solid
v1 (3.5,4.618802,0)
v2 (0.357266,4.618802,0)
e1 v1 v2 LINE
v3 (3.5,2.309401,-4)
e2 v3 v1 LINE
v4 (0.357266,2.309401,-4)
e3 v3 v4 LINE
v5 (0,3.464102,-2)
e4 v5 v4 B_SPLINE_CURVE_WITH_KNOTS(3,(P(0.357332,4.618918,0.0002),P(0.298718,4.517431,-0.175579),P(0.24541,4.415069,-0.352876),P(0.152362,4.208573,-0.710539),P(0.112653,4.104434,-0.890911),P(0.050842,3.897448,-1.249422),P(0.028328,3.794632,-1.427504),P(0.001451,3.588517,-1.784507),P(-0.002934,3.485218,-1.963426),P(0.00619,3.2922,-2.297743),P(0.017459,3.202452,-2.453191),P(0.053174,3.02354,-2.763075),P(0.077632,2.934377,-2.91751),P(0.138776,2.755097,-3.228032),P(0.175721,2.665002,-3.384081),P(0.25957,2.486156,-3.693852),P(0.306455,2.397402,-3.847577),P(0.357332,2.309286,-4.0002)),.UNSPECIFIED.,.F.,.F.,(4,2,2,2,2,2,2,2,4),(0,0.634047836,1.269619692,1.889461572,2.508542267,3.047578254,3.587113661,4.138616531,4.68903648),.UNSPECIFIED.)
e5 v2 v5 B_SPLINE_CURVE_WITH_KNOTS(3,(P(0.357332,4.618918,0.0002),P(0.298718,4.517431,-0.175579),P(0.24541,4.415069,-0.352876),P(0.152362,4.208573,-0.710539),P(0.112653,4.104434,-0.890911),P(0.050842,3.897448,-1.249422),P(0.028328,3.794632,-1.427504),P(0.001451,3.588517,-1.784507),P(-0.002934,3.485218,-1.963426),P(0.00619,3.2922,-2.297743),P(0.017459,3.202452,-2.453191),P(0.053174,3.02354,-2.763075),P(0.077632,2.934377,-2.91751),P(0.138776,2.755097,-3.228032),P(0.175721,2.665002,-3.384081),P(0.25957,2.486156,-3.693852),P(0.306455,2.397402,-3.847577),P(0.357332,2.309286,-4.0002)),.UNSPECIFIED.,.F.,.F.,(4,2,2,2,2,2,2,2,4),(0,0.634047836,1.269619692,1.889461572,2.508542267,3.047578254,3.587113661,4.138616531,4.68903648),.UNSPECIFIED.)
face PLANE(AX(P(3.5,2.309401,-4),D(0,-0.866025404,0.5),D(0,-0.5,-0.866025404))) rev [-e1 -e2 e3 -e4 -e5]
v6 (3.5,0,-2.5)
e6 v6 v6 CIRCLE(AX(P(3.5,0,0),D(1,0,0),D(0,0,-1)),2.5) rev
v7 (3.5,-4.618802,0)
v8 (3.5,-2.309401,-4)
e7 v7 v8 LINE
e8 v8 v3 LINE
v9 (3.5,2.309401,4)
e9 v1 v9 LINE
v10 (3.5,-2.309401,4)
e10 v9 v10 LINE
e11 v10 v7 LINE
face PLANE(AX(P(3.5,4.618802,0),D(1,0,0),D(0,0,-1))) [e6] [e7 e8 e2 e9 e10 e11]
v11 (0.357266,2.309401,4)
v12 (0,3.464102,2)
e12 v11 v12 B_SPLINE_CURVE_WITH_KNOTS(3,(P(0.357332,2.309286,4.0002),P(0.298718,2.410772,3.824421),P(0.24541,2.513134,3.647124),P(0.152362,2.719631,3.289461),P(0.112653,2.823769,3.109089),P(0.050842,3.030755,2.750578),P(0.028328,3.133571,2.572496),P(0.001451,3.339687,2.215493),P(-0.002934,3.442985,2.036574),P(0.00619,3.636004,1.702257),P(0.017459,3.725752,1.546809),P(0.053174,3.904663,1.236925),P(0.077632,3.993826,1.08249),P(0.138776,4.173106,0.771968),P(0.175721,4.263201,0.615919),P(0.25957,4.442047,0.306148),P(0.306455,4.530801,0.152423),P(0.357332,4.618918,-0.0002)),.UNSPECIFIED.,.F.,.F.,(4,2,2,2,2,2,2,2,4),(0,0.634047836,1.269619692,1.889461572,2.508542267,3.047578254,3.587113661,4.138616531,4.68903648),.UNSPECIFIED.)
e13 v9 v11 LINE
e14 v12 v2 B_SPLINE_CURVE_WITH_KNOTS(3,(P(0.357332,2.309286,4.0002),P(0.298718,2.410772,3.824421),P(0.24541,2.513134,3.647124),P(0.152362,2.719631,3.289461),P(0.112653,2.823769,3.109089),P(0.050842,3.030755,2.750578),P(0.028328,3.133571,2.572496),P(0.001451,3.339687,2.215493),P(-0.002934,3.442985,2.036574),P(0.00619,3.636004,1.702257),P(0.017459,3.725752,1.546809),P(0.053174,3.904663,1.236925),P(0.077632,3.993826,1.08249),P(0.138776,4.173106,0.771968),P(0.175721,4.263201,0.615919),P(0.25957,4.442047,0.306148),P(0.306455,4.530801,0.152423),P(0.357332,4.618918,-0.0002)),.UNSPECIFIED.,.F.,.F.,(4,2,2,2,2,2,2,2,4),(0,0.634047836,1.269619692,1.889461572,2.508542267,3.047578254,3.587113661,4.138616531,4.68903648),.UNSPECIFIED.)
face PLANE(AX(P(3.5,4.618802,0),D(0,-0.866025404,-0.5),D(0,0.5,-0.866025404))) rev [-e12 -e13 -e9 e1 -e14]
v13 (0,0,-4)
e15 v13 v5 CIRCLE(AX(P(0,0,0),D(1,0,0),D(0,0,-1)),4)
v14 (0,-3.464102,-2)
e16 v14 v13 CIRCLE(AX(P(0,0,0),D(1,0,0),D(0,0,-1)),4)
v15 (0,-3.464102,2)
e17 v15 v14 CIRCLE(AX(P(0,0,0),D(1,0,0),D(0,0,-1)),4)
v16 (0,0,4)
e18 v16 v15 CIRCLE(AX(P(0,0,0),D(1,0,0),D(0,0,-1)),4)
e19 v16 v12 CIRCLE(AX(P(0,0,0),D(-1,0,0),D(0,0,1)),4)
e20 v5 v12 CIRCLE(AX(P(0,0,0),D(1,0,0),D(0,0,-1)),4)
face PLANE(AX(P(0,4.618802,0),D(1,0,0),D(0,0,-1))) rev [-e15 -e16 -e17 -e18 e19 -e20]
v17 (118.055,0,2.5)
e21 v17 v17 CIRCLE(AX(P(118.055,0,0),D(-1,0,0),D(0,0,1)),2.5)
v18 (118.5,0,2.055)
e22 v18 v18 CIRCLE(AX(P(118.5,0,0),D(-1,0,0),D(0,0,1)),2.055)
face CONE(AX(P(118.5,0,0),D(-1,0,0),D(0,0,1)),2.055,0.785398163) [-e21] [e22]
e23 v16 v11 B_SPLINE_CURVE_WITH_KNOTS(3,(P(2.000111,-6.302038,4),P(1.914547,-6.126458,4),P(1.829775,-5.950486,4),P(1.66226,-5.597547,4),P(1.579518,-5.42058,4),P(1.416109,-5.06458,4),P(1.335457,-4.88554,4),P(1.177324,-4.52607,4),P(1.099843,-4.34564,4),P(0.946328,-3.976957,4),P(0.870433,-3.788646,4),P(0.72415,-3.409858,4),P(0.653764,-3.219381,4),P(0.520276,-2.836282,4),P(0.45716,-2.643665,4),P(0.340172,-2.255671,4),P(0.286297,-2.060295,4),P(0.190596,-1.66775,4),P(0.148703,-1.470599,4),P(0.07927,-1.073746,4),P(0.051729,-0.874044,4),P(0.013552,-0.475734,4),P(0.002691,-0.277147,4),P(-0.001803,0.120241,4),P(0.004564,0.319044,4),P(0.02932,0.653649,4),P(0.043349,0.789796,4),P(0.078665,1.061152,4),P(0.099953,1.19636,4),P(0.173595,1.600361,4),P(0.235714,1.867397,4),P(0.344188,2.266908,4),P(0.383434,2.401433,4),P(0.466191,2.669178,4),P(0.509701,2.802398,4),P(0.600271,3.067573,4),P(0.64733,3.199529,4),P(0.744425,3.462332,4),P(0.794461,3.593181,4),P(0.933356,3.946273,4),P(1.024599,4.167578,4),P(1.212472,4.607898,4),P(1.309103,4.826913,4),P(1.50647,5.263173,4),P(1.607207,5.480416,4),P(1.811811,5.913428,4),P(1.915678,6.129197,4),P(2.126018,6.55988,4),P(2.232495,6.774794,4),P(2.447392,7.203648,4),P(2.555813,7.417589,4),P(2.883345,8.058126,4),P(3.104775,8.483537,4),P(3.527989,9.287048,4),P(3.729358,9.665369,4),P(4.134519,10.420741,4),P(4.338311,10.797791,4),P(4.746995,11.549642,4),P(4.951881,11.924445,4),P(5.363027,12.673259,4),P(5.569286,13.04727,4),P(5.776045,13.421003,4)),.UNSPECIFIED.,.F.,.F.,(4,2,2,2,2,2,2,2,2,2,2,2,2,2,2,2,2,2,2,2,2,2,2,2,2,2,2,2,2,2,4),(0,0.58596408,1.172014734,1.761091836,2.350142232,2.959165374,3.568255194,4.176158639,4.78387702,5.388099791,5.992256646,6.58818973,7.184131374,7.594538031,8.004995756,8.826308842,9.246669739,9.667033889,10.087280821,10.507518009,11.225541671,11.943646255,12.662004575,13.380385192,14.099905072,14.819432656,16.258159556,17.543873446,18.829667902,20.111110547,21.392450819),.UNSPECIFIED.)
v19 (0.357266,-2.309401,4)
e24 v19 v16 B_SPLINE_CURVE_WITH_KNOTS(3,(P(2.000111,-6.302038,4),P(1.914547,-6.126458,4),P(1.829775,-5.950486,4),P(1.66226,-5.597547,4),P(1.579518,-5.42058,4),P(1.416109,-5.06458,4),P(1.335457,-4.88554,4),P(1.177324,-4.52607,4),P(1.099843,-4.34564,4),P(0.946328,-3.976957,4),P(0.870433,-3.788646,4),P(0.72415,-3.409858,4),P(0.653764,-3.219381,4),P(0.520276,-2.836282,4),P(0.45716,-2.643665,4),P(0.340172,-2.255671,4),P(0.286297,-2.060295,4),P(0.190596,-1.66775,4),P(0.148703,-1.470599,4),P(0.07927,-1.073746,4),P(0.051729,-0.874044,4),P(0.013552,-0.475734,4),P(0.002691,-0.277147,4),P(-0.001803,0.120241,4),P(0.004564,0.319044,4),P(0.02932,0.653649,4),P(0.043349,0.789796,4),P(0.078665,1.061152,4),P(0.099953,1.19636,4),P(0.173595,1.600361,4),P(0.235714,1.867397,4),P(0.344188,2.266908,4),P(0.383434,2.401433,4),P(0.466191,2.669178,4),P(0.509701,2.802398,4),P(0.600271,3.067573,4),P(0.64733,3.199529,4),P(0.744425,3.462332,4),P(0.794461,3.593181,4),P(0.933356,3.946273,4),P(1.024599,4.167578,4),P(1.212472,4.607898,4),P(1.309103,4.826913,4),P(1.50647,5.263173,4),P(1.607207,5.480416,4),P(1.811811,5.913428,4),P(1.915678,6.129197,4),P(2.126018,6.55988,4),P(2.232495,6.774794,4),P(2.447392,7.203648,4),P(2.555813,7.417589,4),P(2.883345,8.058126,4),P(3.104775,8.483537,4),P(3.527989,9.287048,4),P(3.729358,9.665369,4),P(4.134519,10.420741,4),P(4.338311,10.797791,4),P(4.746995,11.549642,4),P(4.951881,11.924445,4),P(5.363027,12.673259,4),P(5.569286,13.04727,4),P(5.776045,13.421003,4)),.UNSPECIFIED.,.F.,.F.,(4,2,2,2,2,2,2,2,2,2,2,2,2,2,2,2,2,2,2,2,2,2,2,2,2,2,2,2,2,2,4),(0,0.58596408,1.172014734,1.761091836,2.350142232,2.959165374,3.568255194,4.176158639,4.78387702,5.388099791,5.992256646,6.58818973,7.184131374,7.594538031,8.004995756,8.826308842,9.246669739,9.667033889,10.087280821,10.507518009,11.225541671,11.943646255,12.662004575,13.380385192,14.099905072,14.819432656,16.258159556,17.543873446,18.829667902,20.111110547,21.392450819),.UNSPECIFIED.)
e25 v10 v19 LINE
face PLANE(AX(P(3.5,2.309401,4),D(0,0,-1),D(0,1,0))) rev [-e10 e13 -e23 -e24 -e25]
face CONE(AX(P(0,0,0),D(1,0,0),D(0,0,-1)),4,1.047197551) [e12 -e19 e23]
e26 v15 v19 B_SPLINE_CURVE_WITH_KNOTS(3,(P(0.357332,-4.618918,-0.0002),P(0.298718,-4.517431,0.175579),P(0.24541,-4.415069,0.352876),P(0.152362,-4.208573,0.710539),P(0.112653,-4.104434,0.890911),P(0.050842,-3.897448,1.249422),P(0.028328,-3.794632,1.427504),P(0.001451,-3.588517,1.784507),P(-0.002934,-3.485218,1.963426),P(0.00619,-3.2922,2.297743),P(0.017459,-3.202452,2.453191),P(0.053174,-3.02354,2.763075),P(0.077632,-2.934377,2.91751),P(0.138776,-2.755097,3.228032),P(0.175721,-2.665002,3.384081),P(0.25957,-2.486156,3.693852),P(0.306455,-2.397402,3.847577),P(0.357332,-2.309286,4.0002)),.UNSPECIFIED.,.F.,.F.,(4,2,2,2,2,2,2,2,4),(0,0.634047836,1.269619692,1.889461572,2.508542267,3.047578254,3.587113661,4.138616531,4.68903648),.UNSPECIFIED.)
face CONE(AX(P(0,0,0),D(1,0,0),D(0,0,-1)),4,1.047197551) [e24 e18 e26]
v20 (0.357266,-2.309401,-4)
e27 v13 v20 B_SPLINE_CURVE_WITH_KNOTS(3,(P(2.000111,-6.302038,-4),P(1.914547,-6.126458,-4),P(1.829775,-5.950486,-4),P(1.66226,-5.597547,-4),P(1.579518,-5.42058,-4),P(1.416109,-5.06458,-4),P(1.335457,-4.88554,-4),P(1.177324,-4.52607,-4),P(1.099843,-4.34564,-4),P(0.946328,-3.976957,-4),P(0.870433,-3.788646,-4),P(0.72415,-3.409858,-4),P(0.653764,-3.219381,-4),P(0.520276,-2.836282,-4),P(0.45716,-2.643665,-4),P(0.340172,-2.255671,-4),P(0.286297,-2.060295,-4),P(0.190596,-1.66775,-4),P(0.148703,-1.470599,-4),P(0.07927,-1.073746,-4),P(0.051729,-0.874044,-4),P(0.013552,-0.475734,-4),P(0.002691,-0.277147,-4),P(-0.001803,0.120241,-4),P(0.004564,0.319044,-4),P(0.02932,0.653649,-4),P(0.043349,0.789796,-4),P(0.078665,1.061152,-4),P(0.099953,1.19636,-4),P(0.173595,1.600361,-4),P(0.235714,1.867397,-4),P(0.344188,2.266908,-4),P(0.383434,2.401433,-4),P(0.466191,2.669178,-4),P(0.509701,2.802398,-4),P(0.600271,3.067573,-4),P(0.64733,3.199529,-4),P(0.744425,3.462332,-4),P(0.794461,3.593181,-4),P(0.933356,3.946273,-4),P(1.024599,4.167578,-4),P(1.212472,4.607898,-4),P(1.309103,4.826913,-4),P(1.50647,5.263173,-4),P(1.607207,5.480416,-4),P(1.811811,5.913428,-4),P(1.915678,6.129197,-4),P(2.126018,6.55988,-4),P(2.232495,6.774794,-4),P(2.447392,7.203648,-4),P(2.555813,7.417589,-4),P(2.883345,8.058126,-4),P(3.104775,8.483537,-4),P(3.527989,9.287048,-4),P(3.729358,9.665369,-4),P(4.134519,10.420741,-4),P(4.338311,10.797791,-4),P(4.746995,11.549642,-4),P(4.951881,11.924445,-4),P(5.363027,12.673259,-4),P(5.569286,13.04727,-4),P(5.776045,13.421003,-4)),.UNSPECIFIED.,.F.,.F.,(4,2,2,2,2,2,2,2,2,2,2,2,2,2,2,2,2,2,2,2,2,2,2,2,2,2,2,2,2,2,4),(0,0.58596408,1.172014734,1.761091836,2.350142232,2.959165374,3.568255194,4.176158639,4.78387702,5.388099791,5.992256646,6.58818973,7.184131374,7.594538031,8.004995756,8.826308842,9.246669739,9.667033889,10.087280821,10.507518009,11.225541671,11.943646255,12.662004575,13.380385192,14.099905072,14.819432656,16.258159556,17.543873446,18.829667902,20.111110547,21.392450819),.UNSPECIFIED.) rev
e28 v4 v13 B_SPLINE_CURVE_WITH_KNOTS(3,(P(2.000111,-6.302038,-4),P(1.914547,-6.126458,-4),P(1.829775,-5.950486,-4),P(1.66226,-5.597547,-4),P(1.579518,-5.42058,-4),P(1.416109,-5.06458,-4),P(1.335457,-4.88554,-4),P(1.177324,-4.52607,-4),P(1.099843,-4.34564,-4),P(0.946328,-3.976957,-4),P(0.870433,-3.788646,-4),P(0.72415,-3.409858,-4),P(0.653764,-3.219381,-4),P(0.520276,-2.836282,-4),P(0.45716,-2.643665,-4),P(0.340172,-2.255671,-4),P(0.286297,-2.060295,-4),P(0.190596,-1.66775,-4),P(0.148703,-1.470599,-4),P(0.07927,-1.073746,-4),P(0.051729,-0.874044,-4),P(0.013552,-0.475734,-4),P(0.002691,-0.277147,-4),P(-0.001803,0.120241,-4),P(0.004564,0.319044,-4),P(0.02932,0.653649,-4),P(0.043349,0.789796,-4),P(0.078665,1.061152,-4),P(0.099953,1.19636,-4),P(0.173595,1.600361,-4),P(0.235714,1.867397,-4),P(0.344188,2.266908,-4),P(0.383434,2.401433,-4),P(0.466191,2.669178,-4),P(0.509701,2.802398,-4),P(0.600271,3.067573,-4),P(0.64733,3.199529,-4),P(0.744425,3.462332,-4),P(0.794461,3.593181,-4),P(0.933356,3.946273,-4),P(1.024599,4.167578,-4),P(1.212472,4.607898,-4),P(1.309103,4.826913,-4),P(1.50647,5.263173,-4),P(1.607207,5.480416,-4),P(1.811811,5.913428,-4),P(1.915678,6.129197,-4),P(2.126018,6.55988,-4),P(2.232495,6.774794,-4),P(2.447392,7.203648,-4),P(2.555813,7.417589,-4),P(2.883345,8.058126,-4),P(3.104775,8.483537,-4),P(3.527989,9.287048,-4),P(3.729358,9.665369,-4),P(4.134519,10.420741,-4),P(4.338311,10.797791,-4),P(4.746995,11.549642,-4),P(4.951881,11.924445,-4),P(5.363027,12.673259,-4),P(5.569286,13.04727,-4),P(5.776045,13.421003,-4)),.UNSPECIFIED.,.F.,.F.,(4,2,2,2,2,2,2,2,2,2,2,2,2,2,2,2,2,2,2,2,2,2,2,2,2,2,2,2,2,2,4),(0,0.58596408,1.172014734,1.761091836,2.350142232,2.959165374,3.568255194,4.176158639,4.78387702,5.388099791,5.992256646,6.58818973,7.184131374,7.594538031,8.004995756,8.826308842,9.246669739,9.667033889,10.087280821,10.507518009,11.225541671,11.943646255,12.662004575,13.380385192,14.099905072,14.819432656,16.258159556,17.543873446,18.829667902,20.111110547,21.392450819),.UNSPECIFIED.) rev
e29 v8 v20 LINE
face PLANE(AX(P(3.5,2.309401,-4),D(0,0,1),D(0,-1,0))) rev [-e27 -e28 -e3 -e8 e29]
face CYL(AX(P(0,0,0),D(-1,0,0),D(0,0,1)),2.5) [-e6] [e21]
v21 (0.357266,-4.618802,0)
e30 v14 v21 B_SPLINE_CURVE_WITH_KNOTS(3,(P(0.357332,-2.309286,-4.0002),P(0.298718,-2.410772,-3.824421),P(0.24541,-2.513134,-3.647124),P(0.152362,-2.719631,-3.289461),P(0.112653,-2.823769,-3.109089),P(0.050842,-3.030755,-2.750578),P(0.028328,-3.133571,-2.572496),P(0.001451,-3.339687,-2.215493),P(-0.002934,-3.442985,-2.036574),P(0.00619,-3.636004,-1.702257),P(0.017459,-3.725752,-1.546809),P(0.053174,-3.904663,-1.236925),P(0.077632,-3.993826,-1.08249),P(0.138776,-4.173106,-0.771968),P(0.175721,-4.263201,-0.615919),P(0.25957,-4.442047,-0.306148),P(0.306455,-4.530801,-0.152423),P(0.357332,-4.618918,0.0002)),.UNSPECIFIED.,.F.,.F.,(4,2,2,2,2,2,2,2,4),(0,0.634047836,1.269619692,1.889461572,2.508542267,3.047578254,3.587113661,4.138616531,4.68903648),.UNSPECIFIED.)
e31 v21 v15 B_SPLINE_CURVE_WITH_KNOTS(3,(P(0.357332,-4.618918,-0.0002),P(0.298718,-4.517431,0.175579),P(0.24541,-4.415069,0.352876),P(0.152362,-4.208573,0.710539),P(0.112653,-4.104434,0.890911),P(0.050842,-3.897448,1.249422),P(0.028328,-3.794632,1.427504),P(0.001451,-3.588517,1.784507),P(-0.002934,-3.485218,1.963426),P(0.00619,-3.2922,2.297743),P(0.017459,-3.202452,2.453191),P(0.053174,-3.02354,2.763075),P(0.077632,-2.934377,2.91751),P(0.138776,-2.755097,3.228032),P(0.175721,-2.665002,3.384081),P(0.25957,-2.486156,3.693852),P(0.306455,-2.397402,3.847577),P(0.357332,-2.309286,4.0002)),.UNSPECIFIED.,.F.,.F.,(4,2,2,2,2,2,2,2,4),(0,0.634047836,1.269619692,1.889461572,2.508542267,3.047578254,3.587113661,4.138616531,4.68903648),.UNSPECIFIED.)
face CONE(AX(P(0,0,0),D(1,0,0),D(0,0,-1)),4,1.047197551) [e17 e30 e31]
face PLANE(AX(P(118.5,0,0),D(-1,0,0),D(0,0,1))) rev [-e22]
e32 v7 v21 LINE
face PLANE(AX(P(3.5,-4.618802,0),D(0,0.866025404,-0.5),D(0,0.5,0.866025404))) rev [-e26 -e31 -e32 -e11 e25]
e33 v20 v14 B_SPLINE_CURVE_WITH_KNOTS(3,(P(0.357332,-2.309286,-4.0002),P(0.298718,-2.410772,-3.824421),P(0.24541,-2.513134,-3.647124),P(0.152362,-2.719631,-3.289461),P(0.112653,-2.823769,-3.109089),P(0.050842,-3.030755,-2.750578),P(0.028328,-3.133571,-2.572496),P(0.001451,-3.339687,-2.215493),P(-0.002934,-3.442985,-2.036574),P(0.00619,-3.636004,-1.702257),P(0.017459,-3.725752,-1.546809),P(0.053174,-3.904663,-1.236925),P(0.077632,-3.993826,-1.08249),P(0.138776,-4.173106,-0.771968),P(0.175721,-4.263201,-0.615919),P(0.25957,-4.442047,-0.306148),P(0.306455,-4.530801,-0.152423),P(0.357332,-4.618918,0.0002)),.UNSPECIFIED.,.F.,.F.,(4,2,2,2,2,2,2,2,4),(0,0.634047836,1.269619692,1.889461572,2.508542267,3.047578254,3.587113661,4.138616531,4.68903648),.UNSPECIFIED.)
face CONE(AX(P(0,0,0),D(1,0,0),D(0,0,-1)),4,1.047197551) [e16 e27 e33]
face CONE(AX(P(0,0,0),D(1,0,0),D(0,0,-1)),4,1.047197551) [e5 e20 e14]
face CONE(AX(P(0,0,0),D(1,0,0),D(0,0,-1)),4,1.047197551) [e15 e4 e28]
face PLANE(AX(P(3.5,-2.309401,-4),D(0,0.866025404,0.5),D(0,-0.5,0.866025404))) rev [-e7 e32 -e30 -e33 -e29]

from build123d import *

# Parameters (mm, degrees)
BASEHEAD_DEPTH = 3.5


with BuildPart() as part:
    # Sketch1 → BaseHead (new body)
    with BuildSketch(Plane(origin=(0, 0, 0), x_dir=(0, 0, -1), z_dir=(1, 0, 0))):
        Polygon((4, 2.309401077), (4, -2.309401077), (0, -4.618802154), (-4, -2.309401077), (-4, 2.309401077), (0, 4.618802154), align=None)
    extrude(amount=BASEHEAD_DEPTH)

    # BodySke → BaseBody (revolve)
    with BuildSketch(Plane.XY, mode=Mode.PRIVATE) as basebody_sk:
        Polygon((0, 0), (118.5, 0), (118.5, 2.055), (118.055, 2.5), (0, 2.5), align=None)
    revolve(basebody_sk.sketch.rotate(Axis((0, 0, 0), (1, 0, 0)), 90), axis=Axis((0, 0, 0), (1, 0, 0)))

    # Sketch3 → HeadChamfer (revolve, cut)
    with BuildSketch(Plane.XY):
        Polygon((0, 4), (3.244016936, 9.618802154), (3.244016936, 14.618802154), (-10, 14.618802154), (-10, 4), align=None)
    revolve(axis=Axis((0, 0, 0), (1, 0, 0)), mode=Mode.SUBTRACT)


solid = part.part
